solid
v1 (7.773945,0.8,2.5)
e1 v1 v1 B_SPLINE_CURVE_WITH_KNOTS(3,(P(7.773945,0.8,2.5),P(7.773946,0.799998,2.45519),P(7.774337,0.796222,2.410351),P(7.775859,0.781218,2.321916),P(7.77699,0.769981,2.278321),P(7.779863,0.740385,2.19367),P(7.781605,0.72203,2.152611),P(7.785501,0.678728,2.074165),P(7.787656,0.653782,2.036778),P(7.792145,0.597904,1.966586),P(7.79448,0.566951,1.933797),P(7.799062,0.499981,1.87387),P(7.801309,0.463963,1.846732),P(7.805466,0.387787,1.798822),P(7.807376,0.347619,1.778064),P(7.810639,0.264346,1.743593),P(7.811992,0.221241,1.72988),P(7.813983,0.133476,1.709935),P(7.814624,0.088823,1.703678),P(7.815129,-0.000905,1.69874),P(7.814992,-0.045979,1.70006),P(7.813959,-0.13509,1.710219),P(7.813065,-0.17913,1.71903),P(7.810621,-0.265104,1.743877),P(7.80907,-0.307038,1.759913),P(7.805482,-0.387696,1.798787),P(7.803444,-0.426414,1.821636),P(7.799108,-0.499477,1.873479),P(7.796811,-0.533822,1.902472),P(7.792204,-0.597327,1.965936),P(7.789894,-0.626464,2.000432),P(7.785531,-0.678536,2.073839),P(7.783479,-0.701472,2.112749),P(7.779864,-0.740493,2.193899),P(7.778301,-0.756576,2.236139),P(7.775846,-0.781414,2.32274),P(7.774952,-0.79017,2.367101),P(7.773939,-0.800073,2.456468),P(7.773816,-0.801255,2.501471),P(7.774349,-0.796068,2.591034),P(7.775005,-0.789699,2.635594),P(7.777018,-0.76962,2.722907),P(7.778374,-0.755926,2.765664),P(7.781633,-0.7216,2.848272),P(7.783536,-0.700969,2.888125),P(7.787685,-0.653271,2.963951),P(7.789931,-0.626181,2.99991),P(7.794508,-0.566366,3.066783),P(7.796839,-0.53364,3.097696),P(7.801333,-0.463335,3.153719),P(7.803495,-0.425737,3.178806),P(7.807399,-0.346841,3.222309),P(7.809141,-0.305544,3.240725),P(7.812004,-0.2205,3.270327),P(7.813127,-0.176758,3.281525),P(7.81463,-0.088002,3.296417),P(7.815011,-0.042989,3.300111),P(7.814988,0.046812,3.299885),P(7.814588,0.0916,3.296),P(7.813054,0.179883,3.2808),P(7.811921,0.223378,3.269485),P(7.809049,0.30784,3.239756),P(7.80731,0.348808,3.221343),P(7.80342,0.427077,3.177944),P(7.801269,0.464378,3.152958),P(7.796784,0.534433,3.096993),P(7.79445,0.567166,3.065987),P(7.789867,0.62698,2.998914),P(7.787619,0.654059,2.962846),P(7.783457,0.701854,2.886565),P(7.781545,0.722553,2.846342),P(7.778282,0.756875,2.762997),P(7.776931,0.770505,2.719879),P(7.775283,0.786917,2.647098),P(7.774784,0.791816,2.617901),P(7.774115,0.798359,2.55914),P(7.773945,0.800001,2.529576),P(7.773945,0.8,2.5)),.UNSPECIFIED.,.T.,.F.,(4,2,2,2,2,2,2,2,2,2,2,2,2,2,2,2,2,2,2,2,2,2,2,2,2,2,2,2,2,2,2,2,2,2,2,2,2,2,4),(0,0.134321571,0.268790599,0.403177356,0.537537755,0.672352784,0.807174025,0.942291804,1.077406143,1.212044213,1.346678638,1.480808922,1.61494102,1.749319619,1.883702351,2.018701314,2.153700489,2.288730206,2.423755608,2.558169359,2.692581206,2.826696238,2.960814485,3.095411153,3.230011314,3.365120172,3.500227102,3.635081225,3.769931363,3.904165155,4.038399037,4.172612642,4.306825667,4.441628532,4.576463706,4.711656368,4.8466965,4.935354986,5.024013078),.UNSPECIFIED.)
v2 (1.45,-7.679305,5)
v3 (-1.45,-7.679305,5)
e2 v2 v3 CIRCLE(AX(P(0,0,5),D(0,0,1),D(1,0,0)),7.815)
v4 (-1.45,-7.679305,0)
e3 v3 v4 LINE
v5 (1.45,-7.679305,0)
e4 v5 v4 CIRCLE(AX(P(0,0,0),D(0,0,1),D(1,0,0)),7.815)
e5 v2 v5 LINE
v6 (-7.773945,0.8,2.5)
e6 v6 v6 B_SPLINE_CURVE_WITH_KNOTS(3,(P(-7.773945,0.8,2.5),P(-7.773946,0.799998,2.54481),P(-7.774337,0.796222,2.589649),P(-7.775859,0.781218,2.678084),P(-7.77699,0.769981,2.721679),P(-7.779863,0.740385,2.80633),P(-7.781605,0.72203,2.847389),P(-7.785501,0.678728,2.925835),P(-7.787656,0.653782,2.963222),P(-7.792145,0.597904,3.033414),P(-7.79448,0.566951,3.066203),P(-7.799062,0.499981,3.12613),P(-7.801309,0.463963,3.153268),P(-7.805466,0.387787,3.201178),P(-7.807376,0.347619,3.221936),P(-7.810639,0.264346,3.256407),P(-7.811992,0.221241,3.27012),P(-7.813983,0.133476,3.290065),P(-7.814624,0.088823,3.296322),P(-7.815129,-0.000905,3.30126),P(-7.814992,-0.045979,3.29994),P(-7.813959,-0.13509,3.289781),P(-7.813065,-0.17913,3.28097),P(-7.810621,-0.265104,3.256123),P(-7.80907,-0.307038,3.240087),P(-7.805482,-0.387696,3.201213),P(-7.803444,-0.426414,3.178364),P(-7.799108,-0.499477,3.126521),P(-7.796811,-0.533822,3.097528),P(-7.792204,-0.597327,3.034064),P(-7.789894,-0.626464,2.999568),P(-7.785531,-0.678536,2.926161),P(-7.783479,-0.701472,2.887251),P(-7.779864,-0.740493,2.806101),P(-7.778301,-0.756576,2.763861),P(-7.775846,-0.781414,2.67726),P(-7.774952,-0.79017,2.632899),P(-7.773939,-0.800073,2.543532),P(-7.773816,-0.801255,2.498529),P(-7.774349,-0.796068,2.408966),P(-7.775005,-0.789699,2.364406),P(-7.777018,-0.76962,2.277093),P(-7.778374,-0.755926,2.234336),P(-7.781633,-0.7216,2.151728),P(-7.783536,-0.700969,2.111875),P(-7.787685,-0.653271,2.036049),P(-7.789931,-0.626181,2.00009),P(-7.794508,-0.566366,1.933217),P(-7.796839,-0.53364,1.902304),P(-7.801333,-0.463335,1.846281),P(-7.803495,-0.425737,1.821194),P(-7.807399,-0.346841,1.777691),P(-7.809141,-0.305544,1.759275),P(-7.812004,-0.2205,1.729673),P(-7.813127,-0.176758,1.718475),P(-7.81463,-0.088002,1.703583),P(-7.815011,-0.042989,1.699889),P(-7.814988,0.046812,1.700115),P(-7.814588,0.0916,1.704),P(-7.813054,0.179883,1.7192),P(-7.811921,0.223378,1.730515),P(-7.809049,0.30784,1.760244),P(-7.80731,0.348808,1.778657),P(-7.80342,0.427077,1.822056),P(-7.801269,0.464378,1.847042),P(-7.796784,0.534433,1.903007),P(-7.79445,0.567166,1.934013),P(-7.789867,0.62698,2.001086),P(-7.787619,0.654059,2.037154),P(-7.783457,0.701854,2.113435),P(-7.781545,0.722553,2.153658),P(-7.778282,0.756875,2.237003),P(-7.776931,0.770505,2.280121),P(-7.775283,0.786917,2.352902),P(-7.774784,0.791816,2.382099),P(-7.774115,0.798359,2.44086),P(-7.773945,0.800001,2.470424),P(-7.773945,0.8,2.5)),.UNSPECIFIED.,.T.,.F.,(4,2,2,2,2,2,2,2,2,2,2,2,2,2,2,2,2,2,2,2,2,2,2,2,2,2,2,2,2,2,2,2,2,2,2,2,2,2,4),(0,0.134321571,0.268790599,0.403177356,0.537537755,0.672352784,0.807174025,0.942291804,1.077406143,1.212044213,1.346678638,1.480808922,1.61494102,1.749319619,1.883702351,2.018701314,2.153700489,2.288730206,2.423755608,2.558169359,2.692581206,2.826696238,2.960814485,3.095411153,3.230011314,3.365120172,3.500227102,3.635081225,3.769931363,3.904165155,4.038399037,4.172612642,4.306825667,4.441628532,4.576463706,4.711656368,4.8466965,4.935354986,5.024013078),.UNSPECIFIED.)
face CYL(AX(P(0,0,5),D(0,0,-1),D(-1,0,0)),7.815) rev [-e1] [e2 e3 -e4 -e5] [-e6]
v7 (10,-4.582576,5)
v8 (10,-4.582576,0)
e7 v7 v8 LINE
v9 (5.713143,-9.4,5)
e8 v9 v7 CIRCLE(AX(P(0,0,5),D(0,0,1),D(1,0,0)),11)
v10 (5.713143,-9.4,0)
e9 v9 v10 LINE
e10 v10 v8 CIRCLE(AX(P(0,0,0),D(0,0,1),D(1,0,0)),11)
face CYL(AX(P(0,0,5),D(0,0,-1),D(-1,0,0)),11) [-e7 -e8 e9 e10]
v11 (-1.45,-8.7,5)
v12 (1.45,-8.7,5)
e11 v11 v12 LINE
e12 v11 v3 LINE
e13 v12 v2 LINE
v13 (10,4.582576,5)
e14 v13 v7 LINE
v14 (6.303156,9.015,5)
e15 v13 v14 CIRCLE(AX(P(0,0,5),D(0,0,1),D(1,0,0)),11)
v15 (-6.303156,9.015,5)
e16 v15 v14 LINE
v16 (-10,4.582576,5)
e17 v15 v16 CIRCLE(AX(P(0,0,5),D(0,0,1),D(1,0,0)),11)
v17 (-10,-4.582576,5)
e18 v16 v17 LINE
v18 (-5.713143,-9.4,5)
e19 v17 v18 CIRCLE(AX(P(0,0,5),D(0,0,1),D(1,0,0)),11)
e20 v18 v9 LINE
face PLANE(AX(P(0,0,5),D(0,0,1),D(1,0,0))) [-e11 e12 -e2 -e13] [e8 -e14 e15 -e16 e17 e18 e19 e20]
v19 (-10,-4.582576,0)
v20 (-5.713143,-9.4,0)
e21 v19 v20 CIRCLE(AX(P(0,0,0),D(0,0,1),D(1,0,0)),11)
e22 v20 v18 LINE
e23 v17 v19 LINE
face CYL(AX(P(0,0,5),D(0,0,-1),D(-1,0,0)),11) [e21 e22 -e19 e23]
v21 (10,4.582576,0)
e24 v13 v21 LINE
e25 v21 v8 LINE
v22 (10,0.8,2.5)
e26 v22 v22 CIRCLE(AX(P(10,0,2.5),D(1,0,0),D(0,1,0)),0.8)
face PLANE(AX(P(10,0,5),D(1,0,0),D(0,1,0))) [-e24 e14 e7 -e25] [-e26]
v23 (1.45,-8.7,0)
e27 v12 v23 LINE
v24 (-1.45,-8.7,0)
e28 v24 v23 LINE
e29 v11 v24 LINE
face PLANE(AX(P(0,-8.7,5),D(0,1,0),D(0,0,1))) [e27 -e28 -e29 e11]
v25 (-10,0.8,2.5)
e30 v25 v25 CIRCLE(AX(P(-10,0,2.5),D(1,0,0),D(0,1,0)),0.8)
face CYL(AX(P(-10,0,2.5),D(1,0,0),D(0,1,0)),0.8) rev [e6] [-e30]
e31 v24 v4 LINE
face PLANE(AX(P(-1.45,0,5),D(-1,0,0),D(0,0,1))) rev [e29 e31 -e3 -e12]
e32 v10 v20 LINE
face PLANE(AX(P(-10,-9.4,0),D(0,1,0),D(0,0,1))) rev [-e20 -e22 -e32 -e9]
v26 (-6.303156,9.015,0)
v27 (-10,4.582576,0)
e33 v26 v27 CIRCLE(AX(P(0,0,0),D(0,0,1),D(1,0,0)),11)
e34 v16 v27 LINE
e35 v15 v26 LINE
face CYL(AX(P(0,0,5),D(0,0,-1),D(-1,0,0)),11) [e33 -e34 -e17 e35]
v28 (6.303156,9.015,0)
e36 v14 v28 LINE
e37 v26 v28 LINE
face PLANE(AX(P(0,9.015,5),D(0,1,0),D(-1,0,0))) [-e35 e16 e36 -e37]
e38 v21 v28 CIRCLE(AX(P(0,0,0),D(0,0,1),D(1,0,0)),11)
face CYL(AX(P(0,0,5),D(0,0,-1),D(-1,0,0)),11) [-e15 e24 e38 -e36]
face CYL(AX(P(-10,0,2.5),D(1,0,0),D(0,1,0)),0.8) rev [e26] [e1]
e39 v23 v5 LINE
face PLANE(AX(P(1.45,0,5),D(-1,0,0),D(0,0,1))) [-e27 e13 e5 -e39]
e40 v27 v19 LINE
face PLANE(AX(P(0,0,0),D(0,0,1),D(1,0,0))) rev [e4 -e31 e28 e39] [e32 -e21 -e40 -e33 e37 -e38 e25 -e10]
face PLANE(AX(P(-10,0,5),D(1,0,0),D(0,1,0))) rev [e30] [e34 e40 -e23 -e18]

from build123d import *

# Parameters (mm, degrees)
BOSS_EXTRUDE1_DEPTH     = 5
CUT_EXTRUDE1_DEPTH      = 15.933519344
CUT_EXTRUDE1_DEPTH_BACK = 15.933519344
SKETCH2_W               = 5
SKETCH2_H               = 0.5
SKETCH3_R               = 0.8
CUT_EXTRUDE2_DEPTH      = 23.657449106


with BuildPart() as part:
    # Sketch1 → Boss-Extrude1 (new body)
    with BuildSketch(Plane.XY):
        with BuildLine():
            Line((6.303155956, 9.015), (-6.303155956, 9.015))
            ThreePointArc((-6.303155956, 9.015), (-8.447474169, 7.045578767), (-10, 4.582575695))
            Line((-10, 4.582575695), (-10, -4.582575695))
            ThreePointArc((-10, -4.582575695), (-7.860673921, -7.694790803), (-4.794788838, -9.9))
            Line((-4.794788838, -9.9), (4.794788838, -9.9))
            ThreePointArc((4.794788838, -9.9), (7.860673921, -7.694790803), (10, -4.582575695))
            Line((10, -4.582575695), (10, 4.582575695))
            ThreePointArc((10, 4.582575695), (8.447474169, 7.045578767), (6.303155956, 9.015))
        make_face()
        with BuildLine():
            Line((-1.45, -8.7), (-1.45, -7.679304982))
            ThreePointArc((-1.45, -7.679304982), (-4.987107127, 6.016891847), (7.815, 0))
            ThreePointArc((7.815, 0), (6.016891847, -4.987107127), (1.45, -7.679304982))
            Line((1.45, -7.679304982), (1.45, -8.7))
            Line((1.45, -8.7), (-1.45, -8.7))
        make_face(mode=Mode.SUBTRACT)
    extrude(amount=BOSS_EXTRUDE1_DEPTH)

    # Sketch2 → Cut-Extrude1 (cut, two sides: drawn at the far end of the back side and taken through both)
    with BuildSketch(Plane(origin=(0, 0, 0), x_dir=(0, 0, -1), z_dir=(1, 0, 0)).offset(-CUT_EXTRUDE1_DEPTH_BACK)):
        with Locations((-2.5, -9.65)):
            Rectangle(SKETCH2_W, SKETCH2_H)
    extrude(amount=CUT_EXTRUDE1_DEPTH + CUT_EXTRUDE1_DEPTH_BACK, mode=Mode.SUBTRACT)

    # Sketch3 → Cut-Extrude2 (cut, through all)
    with BuildSketch(Plane(origin=(10, 0, 0), x_dir=(0, 0, -1), z_dir=(1, 0, 0))):
        with Locations(Location((-2.5, 0, 0), (0, 0, 90))):
            Circle(SKETCH3_R)
    extrude(amount=-CUT_EXTRUDE2_DEPTH, mode=Mode.SUBTRACT)


solid = part.part
